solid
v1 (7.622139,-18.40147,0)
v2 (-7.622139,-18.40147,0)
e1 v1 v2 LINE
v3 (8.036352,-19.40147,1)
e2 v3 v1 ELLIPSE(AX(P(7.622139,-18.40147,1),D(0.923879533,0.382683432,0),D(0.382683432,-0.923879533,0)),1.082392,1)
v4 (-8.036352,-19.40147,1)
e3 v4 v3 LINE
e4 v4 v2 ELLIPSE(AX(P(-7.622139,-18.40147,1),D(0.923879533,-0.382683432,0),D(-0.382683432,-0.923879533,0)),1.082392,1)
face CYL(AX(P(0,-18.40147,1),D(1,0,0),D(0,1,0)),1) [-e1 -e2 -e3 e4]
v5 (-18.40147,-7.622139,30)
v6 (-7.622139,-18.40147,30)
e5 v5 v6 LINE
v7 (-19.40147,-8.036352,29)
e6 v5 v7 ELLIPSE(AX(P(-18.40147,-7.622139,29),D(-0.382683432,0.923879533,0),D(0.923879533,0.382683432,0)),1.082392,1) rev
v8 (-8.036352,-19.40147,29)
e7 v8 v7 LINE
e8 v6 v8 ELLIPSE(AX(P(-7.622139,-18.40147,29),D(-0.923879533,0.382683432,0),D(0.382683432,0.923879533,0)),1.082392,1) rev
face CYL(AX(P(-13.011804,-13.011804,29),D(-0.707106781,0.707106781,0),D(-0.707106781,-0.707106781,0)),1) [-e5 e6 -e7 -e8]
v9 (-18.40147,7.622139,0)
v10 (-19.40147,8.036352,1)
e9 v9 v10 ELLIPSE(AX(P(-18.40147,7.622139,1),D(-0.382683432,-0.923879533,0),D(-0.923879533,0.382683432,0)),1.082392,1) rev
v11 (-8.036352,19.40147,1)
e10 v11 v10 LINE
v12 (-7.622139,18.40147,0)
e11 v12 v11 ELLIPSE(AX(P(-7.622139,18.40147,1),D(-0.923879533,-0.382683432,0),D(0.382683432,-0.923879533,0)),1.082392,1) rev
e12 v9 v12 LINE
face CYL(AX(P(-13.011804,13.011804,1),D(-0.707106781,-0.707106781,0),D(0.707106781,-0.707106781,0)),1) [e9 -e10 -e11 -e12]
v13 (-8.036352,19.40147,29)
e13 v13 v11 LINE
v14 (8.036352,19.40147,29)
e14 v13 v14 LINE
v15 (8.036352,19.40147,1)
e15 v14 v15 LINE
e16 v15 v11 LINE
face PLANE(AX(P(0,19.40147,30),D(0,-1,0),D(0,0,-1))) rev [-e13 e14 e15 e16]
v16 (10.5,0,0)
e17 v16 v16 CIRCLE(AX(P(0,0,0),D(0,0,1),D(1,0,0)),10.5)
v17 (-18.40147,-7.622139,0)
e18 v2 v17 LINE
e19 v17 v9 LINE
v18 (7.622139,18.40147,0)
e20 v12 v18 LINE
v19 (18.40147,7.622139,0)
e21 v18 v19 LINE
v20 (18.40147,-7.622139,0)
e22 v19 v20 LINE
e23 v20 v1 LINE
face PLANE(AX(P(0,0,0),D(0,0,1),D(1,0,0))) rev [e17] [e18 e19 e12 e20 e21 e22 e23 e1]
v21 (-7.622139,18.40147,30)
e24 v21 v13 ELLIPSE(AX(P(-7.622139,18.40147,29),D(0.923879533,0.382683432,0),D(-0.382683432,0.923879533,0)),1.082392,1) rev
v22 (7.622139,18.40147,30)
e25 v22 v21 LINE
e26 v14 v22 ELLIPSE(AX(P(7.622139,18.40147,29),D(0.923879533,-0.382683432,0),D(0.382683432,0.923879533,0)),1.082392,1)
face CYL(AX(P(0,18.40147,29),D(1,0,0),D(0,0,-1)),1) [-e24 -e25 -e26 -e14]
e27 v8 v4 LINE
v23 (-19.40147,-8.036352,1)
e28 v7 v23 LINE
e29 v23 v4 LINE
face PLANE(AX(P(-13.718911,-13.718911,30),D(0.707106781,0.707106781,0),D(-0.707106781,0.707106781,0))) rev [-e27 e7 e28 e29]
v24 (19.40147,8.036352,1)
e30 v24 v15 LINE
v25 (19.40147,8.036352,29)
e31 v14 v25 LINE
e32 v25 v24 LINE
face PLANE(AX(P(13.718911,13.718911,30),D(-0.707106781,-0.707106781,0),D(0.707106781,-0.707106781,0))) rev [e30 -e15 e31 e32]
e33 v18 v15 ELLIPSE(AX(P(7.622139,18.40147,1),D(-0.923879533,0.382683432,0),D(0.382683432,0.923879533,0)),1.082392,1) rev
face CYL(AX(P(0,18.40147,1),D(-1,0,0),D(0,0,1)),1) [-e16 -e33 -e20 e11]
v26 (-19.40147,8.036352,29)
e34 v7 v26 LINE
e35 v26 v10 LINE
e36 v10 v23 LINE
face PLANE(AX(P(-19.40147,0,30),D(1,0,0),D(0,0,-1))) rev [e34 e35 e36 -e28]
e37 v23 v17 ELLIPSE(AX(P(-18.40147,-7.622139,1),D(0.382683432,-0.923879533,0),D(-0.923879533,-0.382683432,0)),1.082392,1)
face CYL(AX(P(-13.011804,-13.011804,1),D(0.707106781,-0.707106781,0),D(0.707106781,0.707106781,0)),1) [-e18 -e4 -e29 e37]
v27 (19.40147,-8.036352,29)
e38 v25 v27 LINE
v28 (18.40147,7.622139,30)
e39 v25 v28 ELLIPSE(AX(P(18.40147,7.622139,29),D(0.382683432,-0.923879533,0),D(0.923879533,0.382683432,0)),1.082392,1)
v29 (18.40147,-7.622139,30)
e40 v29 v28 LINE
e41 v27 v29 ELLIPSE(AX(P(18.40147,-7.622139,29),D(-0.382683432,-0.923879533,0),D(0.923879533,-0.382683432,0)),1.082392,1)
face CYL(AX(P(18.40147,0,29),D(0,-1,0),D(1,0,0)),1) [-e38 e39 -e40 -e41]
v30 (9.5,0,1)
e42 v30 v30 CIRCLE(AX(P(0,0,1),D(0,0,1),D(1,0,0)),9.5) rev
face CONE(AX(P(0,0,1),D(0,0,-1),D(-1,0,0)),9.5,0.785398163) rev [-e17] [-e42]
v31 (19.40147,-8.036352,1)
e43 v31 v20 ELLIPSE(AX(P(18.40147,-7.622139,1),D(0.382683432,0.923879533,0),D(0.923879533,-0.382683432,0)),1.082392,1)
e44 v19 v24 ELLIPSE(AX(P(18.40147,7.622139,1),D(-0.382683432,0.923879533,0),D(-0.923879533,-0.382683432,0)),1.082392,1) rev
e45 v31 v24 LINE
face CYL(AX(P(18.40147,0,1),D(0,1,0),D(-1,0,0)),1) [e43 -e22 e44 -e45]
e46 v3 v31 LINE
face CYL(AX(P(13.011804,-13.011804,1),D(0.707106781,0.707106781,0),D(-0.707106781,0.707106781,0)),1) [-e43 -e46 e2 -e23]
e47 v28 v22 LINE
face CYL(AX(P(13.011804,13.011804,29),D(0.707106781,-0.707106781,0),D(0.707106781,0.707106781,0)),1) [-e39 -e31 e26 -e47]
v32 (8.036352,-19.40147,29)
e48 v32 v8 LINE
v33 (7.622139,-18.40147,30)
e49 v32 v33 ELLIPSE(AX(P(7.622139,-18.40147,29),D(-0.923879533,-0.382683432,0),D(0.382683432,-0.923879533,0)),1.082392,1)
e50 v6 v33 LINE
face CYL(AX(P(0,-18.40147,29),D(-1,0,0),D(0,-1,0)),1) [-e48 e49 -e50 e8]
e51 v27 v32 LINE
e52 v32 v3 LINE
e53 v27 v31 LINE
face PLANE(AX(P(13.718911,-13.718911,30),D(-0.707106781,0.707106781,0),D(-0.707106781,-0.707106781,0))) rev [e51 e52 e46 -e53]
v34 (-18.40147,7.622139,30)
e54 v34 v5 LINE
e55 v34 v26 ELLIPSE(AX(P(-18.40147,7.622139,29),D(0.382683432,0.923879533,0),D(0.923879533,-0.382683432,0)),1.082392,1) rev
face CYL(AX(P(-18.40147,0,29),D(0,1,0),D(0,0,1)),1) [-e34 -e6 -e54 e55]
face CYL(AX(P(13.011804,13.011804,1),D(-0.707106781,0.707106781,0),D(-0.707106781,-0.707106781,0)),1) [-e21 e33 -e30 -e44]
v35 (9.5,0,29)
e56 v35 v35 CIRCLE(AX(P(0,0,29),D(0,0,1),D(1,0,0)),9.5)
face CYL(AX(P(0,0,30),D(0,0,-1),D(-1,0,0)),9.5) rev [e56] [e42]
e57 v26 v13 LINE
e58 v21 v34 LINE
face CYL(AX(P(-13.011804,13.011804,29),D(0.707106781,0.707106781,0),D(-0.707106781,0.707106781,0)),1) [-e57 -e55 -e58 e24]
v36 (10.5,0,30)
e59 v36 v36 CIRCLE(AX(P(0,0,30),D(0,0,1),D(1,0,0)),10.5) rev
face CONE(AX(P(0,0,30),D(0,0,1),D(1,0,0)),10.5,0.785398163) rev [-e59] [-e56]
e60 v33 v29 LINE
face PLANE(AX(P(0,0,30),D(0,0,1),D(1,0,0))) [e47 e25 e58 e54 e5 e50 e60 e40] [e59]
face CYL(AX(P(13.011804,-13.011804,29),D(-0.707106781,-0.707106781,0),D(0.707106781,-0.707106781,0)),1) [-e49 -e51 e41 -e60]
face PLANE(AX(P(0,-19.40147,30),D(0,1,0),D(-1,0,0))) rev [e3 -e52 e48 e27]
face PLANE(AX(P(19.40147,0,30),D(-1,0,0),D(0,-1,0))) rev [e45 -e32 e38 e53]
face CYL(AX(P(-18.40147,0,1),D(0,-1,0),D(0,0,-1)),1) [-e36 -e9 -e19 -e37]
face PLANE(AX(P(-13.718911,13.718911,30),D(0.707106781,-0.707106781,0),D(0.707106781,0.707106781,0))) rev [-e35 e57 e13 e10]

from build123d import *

# Parameters (mm, degrees)
ESTRUSIONE_ESTRUSIONE1_DEPTH = 30
SCHIZZO2_R                   = 9.5
TAGLIO_ESTRUSIONE1_DEPTH     = 41.655062299
SMUSSO1_SIZE                 = 1
RACCORDO1_R                  = 1


with BuildPart() as part:
    # Schizzo1 → Estrusione-Estrusione1 (new body)
    with BuildSketch(Plane.XY):
        Polygon((8.03635208, 19.401470183), (-8.03635208, 19.401470183), (-19.401470183, 8.03635208), (-19.401470183, -8.03635208), (-8.03635208, -19.401470183), (8.03635208, -19.401470183), (19.401470183, -8.03635208), (19.401470183, 8.03635208), align=None)
    extrude(amount=ESTRUSIONE_ESTRUSIONE1_DEPTH)

    # Schizzo2 → Taglio-Estrusione1 (cut, through all)
    with BuildSketch(Plane(origin=(0, 0, 0), x_dir=(-1, 0, 0), z_dir=(0, 0, -1))):
        Circle(SCHIZZO2_R)
    extrude(amount=-TAGLIO_ESTRUSIONE1_DEPTH, mode=Mode.SUBTRACT)

    # Smusso1
    smusso1_edges = [part.edges().sort_by_distance(p)[0] for p in [
        (9.5, 0, 30),
        (9.5, 0, 0),
    ]]
    chamfer(smusso1_edges, length=SMUSSO1_SIZE)

    # Raccordo1
    raccordo1_edges = [part.edges().sort_by_distance(p)[0] for p in [
        (19.401470183, 0, 0),
        (13.718911131, -13.718911131, 0),
        (-13.718911131, 13.718911131, 30),
        (0, -19.401470183, 0),
        (-13.718911131, -13.718911131, 0),
        (-19.401470183, 0, 0),
        (-13.718911131, 13.718911131, 0),
        (0, 19.401470183, 0),
        (-19.401470183, 0, 30),
        (-13.718911131, -13.718911131, 30),
        (0, -19.401470183, 30),
        (13.718911131, -13.718911131, 30),
        (19.401470183, 0, 30),
        (13.718911131, 13.718911131, 30),
        (0, 19.401470183, 30),
        (13.718911131, 13.718911131, 0),
    ]]
    fillet(raccordo1_edges, radius=RACCORDO1_R)


solid = part.part
